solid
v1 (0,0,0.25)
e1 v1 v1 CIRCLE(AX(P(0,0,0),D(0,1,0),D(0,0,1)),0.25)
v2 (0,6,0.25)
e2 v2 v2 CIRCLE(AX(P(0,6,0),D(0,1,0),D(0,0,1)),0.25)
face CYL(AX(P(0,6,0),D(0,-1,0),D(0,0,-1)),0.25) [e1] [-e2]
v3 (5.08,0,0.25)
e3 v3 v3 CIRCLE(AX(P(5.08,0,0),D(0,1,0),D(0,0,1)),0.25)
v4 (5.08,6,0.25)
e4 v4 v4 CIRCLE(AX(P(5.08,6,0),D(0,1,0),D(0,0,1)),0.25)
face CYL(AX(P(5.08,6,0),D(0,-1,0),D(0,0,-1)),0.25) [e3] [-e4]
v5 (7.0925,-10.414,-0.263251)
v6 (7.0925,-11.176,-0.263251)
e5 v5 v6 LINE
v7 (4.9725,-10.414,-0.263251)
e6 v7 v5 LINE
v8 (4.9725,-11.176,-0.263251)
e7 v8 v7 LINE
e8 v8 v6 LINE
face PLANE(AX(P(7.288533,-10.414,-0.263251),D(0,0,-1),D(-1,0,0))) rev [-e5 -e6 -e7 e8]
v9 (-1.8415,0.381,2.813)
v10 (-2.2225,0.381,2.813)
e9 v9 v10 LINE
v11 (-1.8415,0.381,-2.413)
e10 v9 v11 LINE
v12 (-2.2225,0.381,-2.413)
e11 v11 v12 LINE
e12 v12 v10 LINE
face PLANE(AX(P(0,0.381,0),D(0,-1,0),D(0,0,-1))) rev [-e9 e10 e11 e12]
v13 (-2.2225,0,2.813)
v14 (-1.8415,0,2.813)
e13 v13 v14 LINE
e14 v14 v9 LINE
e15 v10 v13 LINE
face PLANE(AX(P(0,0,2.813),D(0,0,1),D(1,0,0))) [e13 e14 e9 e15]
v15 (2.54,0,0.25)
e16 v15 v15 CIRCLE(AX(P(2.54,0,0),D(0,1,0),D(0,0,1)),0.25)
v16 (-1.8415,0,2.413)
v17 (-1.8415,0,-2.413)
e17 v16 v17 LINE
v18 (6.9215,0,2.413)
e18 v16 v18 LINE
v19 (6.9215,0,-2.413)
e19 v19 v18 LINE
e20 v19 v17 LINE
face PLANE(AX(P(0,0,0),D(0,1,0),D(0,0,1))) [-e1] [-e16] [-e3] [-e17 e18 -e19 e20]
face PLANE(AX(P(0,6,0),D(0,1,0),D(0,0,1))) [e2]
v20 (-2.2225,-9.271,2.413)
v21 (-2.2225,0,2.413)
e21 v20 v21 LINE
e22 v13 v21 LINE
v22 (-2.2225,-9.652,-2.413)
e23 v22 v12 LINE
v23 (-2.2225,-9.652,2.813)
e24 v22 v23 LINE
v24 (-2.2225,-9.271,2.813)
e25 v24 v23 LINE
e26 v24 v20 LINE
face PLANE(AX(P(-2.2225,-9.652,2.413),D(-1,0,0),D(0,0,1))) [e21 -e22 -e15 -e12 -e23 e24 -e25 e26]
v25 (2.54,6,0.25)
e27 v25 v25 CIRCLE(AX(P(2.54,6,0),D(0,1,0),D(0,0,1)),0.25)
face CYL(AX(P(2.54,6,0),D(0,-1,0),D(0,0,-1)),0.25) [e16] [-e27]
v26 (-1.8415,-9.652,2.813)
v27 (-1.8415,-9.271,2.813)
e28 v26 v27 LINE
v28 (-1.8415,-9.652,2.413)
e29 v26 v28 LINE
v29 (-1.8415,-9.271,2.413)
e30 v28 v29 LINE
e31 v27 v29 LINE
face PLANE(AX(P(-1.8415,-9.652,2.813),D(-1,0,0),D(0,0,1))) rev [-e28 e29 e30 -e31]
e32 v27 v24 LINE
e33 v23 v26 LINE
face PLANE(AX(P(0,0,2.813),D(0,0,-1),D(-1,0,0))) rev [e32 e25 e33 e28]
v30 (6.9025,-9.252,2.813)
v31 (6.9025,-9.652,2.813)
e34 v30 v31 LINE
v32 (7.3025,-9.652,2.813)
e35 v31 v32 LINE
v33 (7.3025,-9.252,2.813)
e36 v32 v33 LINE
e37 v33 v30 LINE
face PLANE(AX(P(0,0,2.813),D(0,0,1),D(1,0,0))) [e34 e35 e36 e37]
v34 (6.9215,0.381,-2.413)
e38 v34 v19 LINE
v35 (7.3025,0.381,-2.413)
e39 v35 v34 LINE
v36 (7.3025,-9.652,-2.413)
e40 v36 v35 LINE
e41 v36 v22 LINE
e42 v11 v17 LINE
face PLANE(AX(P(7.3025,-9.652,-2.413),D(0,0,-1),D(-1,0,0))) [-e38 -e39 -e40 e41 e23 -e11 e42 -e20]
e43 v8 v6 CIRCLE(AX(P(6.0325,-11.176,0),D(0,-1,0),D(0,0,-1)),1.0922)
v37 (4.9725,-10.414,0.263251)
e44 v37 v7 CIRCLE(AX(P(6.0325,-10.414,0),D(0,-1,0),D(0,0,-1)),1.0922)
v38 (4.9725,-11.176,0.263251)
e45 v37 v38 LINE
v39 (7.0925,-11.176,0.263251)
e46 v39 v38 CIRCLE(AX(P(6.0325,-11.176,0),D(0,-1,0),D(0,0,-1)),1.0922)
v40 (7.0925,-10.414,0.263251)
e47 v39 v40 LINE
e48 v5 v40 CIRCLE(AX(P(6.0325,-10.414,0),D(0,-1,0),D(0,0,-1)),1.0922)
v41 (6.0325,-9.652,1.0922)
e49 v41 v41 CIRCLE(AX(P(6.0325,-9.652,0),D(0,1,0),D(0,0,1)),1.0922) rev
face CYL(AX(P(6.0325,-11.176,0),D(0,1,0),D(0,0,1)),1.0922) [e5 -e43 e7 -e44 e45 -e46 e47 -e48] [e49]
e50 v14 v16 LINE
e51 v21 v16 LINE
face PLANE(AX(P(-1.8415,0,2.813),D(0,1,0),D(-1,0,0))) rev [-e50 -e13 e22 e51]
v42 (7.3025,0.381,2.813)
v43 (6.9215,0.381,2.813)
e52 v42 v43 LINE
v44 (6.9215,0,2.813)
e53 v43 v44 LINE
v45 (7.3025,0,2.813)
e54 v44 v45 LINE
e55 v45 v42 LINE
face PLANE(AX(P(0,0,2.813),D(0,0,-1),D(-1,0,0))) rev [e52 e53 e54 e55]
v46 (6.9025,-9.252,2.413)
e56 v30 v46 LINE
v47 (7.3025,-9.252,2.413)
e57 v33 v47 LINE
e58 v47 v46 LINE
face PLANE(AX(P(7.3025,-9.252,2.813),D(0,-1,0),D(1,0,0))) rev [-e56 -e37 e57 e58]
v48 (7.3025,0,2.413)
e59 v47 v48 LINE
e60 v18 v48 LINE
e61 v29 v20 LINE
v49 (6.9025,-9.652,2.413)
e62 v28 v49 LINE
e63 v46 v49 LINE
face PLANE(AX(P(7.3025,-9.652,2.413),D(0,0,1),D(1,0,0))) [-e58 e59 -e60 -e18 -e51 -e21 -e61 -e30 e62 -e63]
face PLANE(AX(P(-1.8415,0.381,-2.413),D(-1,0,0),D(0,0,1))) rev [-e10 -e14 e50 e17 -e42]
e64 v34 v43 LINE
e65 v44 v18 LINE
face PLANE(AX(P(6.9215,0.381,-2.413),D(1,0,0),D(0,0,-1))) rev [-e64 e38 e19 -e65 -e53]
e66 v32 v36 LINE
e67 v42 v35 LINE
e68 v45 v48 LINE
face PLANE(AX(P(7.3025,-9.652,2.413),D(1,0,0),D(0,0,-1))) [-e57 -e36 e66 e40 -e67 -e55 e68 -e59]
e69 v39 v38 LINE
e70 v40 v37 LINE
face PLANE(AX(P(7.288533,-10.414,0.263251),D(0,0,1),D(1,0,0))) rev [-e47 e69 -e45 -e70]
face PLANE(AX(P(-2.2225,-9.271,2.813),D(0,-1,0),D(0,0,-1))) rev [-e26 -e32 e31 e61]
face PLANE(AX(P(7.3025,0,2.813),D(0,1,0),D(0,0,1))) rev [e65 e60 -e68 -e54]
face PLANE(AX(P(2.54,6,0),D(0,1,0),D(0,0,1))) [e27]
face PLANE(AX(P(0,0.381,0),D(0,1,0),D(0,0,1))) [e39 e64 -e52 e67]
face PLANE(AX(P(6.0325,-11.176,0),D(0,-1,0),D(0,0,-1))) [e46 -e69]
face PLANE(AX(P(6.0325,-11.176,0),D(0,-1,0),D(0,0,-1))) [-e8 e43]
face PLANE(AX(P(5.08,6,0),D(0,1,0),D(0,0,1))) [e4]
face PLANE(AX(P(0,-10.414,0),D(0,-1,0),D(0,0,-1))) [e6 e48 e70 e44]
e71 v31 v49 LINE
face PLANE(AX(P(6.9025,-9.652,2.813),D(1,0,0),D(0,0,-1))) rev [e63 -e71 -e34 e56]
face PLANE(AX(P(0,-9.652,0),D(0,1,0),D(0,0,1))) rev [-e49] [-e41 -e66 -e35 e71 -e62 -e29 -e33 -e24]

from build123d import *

# Parameters (mm, degrees)
CROQUIS1_R                = 0.25
SALIENTE_EXTRUIR1_DEPTH   = 6
SALIENTE_EXTRUIR1_2_DEPTH = 6
SALIENTE_EXTRUIR1_3_DEPTH = 6
CROQUIS2_W                = 9.525
CROQUIS2_H                = 4.826
SALIENTE_EXTRUIR2_DEPTH   = 9.652
CROQUIS3_W                = 0.381
CROQUIS3_H                = 4.826
SALIENTE_EXTRUIR3_DEPTH   = 0.381
CROQUIS4_W                = 0.381
CROQUIS4_H                = 0.381
CROQUIS4_W_2              = 0.4
CROQUIS4_H_2              = 0.4
SALIENTE_EXTRUIR4_DEPTH   = 0.4
CROQUIS5_R                = 1.0922
SALIENTE_EXTRUIR5_DEPTH   = 1.524
CROQUIS6_W                = 2.512066748
CROQUIS6_H                = 0.526501072
CORTAR_EXTRUIR1_DEPTH     = 0.762


with BuildPart() as part:
    # Croquis1 → Saliente-Extruir1 (new body)
    with BuildSketch(Plane(origin=(0, 0, 0), x_dir=(1, 0, 0), z_dir=(0, 1, 0))):
        with Locations(Location((0, 0, 0), (0, 0, 270))):
            Circle(CROQUIS1_R)
    extrude(amount=SALIENTE_EXTRUIR1_DEPTH)



with BuildPart() as body_2:
    # Croquis1 → Saliente-Extruir1 2 (new body)
    with BuildSketch(Plane(origin=(0, 0, 0), x_dir=(1, 0, 0), z_dir=(0, 1, 0))):
        with Locations(Location((2.54, 0, 0), (0, 0, 270))):
            Circle(CROQUIS1_R)
    extrude(amount=SALIENTE_EXTRUIR1_2_DEPTH)


with BuildPart() as body_3:
    # Croquis1 → Saliente-Extruir1 3 (new body)
    with BuildSketch(Plane(origin=(0, 0, 0), x_dir=(1, 0, 0), z_dir=(0, 1, 0))):
        with Locations(Location((5.08, 0, 0), (0, 0, 270))):
            Circle(CROQUIS1_R)
    extrude(amount=SALIENTE_EXTRUIR1_3_DEPTH)


with BuildPart() as part_1:
    add(part.part)

    add(body_2.part)  # Saliente-Extruir2 merges body 2

    add(body_3.part)  # Saliente-Extruir2 merges body 3
    # Croquis2 → Saliente-Extruir2 (add)
    with BuildSketch(Plane(origin=(0, 0, 0), x_dir=(1, 0, 0), z_dir=(0, 1, 0))):
        with Locations((2.54, 0)):
            Rectangle(CROQUIS2_W, CROQUIS2_H)
    extrude(amount=-SALIENTE_EXTRUIR2_DEPTH)

    # Croquis3 → Saliente-Extruir3 (add)
    with BuildSketch(Plane(origin=(0, 0, 0), x_dir=(1, 0, 0), z_dir=(0, 1, 0))):
        with Locations((-2.032, 0)):
            Rectangle(CROQUIS3_W, CROQUIS3_H)
        with Locations((7.112, 0)):
            Rectangle(CROQUIS3_W, CROQUIS3_H)
    extrude(amount=SALIENTE_EXTRUIR3_DEPTH)

    # Croquis4 → Saliente-Extruir4 (add)
    with BuildSketch(Plane.XY.offset(2.413)):
        with Locations((-2.032, 0.1905)):
            Rectangle(CROQUIS4_W, CROQUIS4_H)
        with Locations((7.112, 0.1905)):
            Rectangle(CROQUIS4_W, CROQUIS4_H)
        with Locations((-2.032, -9.4615)):
            Rectangle(CROQUIS4_W, CROQUIS4_H)
        with Locations((7.1025, -9.452)):
            Rectangle(CROQUIS4_W_2, CROQUIS4_H_2)
    extrude(amount=SALIENTE_EXTRUIR4_DEPTH)

    # Croquis5 → Saliente-Extruir5 (add)
    with BuildSketch(Plane.XZ.offset(9.652)):
        with Locations(Location((6.0325, 0, 0), (0, 0, 90))):
            Circle(CROQUIS5_R)
    extrude(amount=SALIENTE_EXTRUIR5_DEPTH)

    # Croquis6 → Cortar-Extruir1 (cut)
    with BuildSketch(Plane.XZ.offset(11.176)):
        with Locations((6.0325, 0)):
            Rectangle(CROQUIS6_W, CROQUIS6_H)
    extrude(amount=-CORTAR_EXTRUIR1_DEPTH, mode=Mode.SUBTRACT)


solid = part_1.part
